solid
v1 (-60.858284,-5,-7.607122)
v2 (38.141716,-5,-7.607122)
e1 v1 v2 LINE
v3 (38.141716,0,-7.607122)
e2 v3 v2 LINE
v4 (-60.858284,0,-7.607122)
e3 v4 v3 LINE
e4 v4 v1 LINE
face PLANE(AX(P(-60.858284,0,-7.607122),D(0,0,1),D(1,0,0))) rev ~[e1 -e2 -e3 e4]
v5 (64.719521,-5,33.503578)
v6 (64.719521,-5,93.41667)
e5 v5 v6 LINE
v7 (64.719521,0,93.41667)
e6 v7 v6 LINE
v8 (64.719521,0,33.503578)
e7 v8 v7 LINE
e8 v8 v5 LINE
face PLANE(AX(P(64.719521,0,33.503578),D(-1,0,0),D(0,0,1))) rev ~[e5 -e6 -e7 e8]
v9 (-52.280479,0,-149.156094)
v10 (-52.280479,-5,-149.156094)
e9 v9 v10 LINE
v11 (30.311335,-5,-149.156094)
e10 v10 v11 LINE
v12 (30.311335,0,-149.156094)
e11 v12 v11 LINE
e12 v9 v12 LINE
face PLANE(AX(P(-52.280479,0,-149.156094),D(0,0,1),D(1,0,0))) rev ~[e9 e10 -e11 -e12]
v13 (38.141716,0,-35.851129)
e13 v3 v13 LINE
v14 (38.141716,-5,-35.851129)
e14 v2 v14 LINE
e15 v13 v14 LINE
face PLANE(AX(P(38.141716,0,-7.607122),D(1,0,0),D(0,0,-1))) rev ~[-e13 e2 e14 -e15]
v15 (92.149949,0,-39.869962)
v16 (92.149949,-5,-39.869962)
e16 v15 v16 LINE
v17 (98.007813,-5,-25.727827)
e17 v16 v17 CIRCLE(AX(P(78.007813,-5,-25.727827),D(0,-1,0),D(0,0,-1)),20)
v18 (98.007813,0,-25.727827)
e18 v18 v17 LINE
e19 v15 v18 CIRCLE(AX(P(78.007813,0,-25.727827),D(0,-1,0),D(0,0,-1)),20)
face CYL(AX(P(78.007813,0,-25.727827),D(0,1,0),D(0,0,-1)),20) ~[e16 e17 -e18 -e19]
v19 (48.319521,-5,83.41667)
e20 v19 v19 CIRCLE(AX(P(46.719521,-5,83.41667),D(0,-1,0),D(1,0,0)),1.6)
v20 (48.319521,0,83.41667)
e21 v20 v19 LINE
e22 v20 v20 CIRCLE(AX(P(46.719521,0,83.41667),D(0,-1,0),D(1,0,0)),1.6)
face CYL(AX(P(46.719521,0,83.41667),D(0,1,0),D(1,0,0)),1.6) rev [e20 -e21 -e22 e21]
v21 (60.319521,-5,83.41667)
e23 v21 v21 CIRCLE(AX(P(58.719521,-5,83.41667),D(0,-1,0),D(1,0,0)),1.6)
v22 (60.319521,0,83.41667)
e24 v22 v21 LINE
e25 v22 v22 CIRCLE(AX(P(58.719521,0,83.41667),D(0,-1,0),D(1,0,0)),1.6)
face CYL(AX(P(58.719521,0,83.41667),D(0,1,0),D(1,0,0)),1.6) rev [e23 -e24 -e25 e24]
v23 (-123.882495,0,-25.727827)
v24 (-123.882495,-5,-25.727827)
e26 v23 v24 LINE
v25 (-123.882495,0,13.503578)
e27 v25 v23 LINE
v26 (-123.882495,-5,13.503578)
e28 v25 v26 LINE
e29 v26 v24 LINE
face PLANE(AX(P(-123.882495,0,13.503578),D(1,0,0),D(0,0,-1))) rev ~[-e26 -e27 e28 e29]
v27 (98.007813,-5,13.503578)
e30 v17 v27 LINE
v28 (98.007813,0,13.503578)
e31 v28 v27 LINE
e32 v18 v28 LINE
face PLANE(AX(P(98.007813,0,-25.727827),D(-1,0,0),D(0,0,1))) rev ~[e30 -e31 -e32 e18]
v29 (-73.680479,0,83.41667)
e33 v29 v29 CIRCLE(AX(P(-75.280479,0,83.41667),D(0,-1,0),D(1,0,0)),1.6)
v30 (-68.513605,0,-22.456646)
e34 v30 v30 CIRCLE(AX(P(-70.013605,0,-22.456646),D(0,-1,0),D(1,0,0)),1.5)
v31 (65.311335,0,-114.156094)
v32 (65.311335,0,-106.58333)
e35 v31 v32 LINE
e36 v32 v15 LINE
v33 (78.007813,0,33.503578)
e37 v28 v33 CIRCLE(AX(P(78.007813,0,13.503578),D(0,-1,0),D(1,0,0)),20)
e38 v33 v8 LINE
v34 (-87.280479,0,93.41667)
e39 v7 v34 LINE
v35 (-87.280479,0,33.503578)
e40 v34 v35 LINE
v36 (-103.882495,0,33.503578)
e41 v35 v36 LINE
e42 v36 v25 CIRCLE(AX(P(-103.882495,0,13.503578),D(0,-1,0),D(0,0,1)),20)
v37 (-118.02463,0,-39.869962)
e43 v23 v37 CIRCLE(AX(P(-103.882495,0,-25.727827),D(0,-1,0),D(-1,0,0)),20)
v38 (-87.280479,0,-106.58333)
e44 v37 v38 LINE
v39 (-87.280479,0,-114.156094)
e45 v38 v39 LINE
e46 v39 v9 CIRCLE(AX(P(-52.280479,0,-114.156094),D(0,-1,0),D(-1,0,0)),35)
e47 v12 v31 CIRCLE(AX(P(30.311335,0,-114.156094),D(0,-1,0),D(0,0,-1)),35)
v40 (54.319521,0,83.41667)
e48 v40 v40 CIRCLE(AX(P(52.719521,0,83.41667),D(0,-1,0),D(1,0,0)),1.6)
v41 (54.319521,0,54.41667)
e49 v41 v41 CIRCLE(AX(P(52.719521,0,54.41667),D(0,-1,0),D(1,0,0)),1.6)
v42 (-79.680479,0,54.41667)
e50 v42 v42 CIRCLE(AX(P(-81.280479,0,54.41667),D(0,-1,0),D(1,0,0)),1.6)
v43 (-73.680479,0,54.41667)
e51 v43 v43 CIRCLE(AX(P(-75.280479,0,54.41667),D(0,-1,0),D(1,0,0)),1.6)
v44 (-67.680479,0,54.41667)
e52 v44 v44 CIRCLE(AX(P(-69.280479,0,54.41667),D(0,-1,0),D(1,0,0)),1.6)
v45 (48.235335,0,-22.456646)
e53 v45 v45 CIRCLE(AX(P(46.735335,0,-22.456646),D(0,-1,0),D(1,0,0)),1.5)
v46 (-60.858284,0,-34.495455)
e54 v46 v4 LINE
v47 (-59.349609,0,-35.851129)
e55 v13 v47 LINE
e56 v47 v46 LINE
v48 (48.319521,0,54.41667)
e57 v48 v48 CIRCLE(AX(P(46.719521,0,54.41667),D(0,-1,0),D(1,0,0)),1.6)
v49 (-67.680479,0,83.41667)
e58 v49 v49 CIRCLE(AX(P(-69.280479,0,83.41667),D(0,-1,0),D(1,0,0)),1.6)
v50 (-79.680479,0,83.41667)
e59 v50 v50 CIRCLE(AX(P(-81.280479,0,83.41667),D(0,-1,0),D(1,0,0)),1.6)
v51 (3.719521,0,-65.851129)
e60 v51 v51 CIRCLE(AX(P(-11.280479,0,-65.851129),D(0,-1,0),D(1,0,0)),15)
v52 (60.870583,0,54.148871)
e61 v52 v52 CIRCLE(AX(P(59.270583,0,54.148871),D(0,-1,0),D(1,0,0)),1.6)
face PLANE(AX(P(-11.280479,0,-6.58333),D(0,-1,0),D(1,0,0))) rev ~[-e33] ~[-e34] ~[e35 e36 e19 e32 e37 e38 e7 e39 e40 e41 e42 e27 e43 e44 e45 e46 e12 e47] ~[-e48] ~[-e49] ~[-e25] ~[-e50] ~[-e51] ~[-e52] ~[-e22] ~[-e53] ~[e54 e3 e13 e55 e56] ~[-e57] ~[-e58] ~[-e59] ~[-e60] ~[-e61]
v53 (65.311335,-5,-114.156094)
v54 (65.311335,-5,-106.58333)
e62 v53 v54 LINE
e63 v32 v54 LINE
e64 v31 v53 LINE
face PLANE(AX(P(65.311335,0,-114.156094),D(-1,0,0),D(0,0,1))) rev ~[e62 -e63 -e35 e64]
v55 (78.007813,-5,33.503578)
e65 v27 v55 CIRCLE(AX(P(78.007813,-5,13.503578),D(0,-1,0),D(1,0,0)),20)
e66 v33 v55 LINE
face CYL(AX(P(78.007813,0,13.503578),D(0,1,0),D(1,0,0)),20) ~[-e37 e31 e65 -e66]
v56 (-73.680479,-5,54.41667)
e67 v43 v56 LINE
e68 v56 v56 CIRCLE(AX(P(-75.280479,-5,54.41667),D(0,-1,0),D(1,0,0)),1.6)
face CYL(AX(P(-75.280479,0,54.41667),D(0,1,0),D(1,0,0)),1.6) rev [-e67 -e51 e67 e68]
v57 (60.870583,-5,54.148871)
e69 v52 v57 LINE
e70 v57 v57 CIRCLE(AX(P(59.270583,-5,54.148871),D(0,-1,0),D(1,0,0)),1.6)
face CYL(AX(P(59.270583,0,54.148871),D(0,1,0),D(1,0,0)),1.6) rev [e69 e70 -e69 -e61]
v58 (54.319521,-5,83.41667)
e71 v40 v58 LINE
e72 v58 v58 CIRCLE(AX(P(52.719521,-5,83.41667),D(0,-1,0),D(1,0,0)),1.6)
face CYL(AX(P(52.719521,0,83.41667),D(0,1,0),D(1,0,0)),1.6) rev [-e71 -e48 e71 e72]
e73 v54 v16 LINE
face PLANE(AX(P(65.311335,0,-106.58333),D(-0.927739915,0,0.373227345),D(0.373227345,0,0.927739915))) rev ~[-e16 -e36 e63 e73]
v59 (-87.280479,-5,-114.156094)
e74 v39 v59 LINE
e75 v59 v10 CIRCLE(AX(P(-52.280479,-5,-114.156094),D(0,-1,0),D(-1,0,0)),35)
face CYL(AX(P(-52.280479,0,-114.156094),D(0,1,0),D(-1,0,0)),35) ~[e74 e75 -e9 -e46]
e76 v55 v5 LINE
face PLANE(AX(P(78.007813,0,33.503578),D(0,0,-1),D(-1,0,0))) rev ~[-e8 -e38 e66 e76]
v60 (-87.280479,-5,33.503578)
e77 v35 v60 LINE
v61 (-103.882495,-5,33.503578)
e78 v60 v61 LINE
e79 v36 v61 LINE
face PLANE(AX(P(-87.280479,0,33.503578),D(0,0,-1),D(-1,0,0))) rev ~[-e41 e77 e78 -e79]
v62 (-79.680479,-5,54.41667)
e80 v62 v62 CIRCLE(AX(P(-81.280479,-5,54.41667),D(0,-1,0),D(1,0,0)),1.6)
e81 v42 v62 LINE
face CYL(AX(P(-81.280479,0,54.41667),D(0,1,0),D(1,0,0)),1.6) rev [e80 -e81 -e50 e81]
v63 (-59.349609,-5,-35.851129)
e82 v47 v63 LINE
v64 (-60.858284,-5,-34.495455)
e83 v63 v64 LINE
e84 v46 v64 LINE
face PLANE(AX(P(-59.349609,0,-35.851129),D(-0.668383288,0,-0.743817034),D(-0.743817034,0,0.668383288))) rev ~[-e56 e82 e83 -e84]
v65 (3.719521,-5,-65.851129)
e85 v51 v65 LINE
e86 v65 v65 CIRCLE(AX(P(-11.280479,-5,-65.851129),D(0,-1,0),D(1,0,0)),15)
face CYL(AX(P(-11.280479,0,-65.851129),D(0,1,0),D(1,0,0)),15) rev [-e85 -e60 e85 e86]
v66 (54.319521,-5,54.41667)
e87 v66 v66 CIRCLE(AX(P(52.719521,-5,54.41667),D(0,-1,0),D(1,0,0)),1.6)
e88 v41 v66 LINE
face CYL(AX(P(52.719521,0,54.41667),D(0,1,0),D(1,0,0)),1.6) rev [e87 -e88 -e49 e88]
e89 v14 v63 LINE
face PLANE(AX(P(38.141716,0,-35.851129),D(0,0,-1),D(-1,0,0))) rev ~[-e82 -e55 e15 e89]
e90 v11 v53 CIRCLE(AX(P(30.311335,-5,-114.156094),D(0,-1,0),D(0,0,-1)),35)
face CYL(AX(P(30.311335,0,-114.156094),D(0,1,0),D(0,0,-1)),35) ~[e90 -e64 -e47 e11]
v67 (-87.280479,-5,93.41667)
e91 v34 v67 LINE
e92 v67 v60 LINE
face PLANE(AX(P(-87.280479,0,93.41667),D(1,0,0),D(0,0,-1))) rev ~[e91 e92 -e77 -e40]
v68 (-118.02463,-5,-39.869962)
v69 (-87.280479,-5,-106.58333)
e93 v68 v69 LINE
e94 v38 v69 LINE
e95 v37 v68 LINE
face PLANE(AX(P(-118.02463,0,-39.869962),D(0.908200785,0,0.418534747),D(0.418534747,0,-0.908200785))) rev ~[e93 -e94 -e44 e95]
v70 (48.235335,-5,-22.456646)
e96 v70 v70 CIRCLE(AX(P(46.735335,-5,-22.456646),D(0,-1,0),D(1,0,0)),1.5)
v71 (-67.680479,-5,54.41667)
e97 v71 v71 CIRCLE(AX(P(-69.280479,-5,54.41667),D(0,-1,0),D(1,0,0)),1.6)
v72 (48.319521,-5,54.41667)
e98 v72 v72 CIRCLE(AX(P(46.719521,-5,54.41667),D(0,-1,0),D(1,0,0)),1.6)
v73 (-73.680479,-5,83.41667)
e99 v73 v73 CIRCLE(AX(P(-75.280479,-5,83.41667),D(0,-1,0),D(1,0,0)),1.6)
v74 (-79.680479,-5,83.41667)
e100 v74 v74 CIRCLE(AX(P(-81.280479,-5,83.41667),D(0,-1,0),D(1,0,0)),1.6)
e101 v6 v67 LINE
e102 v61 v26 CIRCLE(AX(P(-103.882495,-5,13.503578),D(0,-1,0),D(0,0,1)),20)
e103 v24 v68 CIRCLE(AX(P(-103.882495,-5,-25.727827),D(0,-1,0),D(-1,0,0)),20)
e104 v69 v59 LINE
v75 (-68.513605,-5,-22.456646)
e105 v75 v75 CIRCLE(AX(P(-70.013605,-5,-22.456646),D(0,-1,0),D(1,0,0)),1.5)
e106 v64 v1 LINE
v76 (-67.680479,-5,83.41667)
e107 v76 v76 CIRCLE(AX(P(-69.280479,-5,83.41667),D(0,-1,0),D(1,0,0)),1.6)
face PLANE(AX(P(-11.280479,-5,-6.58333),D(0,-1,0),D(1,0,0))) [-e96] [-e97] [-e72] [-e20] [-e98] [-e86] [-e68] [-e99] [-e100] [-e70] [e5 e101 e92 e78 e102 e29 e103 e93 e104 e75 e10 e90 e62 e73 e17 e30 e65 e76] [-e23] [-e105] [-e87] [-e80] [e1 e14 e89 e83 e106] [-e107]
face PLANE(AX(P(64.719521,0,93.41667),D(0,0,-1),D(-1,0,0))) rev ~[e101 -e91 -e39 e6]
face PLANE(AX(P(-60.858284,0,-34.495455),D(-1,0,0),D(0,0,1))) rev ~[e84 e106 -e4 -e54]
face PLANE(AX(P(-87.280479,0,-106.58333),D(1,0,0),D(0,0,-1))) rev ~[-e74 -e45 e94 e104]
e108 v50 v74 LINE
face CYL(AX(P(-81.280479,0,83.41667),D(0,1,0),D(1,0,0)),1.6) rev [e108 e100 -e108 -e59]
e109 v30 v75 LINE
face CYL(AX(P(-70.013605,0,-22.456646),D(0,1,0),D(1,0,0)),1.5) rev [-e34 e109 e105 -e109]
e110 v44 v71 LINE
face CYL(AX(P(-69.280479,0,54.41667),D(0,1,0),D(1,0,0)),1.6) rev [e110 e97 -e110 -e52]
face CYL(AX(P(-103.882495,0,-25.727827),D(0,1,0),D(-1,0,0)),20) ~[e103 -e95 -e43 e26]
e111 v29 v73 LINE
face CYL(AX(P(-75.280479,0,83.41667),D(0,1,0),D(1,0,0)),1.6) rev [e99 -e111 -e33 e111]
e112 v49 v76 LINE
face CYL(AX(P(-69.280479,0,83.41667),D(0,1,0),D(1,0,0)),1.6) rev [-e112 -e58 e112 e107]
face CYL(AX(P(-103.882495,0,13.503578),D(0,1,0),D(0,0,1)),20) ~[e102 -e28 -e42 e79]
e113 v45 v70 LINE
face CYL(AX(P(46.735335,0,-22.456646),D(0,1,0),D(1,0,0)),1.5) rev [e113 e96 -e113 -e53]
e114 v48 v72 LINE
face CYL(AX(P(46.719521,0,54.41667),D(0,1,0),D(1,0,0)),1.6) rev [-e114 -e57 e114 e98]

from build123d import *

# Parameters (mm, degrees)
F0_R     = 15
F0_R_2   = 1.6
F0_R_3   = 1.5
F1_DEPTH = 5


with BuildPart() as f1:
    # F0 (on Front) → F1 (new body)
    with BuildSketch(Plane.XZ):
        Polygon((64.7195210904, 93.4166697624), (-87.2804789096, 93.4166697624), (-87.2804789096, 33.5035783798), (-87.2804789096, -45.7278266549), (-87.2804789096, -52.8488606215), (-87.2804789096, -106.5833302376), (-7.389572449, -106.5833302376), (64.7195210904, -106.5833302376), (64.7195210904, -45.7278266549), (64.7195210904, 33.5035783798), align=None)
        with Locations((-11.2804789096, -65.8511285484)):
            Circle(F0_R, mode=Mode.SUBTRACT)
        with Locations((-81.2804789096, 54.4166697624)):
            Circle(F0_R_2, mode=Mode.SUBTRACT)
        with Locations((-75.2804789096, 54.4166697624)):
            Circle(F0_R_2, mode=Mode.SUBTRACT)
        with Locations((-69.2804789096, 54.4166697624)):
            Circle(F0_R_2, mode=Mode.SUBTRACT)
        with Locations((-81.2804789096, 83.4166697624)):
            Circle(F0_R_2, mode=Mode.SUBTRACT)
        with Locations((-75.2804789096, 83.4166697624)):
            Circle(F0_R_2, mode=Mode.SUBTRACT)
        with Locations((-69.2804789096, 83.4166697624)):
            Circle(F0_R_2, mode=Mode.SUBTRACT)
        Polygon((38.1417157483, -35.8511285484), (-59.3496093207, -35.8511285484), (-60.8582842517, -34.4954549566), (-74.2259500077, -22.4834627924), (-60.8582842517, -7.6071221054), (38.1417157483, -7.6071221054), (53.0180564353, -20.9747878614), (39.6503906793, -35.8511285484), align=None, mode=Mode.SUBTRACT)
        with Locations((46.7195210904, 54.4166697624)):
            Circle(F0_R_2, mode=Mode.SUBTRACT)
        with Locations((52.7195210904, 54.4166697624)):
            Circle(F0_R_2, mode=Mode.SUBTRACT)
        with Locations((59.2705830932, 54.1488714516)):
            Circle(F0_R_2, mode=Mode.SUBTRACT)
        with Locations((46.7195210904, 83.4166697624)):
            Circle(F0_R_2, mode=Mode.SUBTRACT)
        with Locations((52.7195210904, 83.4166697624)):
            Circle(F0_R_2, mode=Mode.SUBTRACT)
        with Locations((58.7195210904, 83.4166697624)):
            Circle(F0_R_2, mode=Mode.SUBTRACT)
        with BuildLine():
            Line((65.3113350272, -106.5833302376), (64.7195210904, -106.5833302376))
            Line((64.7195210904, -106.5833302376), (-7.389572449, -106.5833302376))
            Line((-7.389572449, -106.5833302376), (-87.2804789096, -106.5833302376))
            Line((-87.2804789096, -106.5833302376), (-87.2804789096, -114.1560935974))
            ThreePointArc((-87.2804789096, -114.1560935974), (-77.0292162511, -138.9048309389), (-52.2804789096, -149.1560935974))
            Line((-52.2804789096, -149.1560935974), (30.3113350272, -149.1560935974))
            ThreePointArc((30.3113350272, -149.1560935974), (55.0600723687, -138.9048309389), (65.3113350272, -114.1560935974))
            Line((65.3113350272, -114.1560935974), (65.3113350272, -106.5833302376))
        make_face()
        with BuildLine():
            Line((-87.2804789096, -45.7278266549), (-87.2804789096, 33.5035783798))
            Line((-87.2804789096, 33.5035783798), (-103.8824948668, 33.5035783798))
            ThreePointArc((-103.8824948668, 33.5035783798), (-118.0246304906, 27.6457140035), (-123.8824948668, 13.5035783798))
            Line((-123.8824948668, 13.5035783798), (-123.8824948668, -25.7278266549))
            ThreePointArc((-123.8824948668, -25.7278266549), (-122.3600855171, -33.3814953022), (-118.0246304906, -39.8699622786))
            ThreePointArc((-118.0246304906, -39.8699622786), (-111.5361635141, -44.2054173051), (-103.8824948668, -45.7278266549))
            Line((-103.8824948668, -45.7278266549), (-87.2804789096, -45.7278266549))
        make_face()
        with BuildLine():
            Line((78.007813096, 33.5035783798), (64.7195210904, 33.5035783798))
            Line((64.7195210904, 33.5035783798), (64.7195210904, -45.7278266549))
            Line((64.7195210904, -45.7278266549), (78.007813096, -45.7278266549))
            ThreePointArc((78.007813096, -45.7278266549), (85.6614817433, -44.2054173051), (92.1499487198, -39.8699622786))
            ThreePointArc((92.1499487198, -39.8699622786), (96.4854037463, -33.3814953022), (98.007813096, -25.7278266549))
            Line((98.007813096, -25.7278266549), (98.007813096, 13.5035783798))
            ThreePointArc((98.007813096, 13.5035783798), (92.1499487198, 27.6457140035), (78.007813096, 33.5035783798))
        make_face()
        with BuildLine():
            Line((-87.2804789096, -52.8488606215), (-87.2804789096, -45.7278266549))
            Line((-87.2804789096, -45.7278266549), (-103.8824948668, -45.7278266549))
            ThreePointArc((-103.8824948668, -45.7278266549), (-111.5361635141, -44.2054173051), (-118.0246304906, -39.8699622786))
            Line((-118.0246304906, -39.8699622786), (-87.2804789096, -106.5833302376))
            Line((-87.2804789096, -106.5833302376), (-87.2804789096, -52.8488606215))
        make_face()
        with BuildLine():
            Line((78.007813096, -45.7278266549), (64.7195210904, -45.7278266549))
            Line((64.7195210904, -45.7278266549), (64.7195210904, -106.5833302376))
            Line((64.7195210904, -106.5833302376), (65.3113350272, -106.5833302376))
            Line((65.3113350272, -106.5833302376), (92.1499487198, -39.8699622786))
            ThreePointArc((92.1499487198, -39.8699622786), (85.6614817433, -44.2054173051), (78.007813096, -45.7278266549))
        make_face()
        Polygon((38.1417157483, -7.6071221054), (38.1417157483, -35.8511285484), (39.6503906793, -35.8511285484), (53.0180564353, -20.9747878614), align=None)
        with Locations((46.7353351414, -22.4566459656)):
            Circle(F0_R_3, mode=Mode.SUBTRACT)
        Polygon((-74.2259500077, -22.4834627924), (-60.8582842517, -34.4954549566), (-60.8582842517, -7.6071221054), align=None)
        with Locations((-70.0136050582, -22.4566459656)):
            Circle(F0_R_3, mode=Mode.SUBTRACT)
    extrude(amount=F1_DEPTH)


solid = f1.part
